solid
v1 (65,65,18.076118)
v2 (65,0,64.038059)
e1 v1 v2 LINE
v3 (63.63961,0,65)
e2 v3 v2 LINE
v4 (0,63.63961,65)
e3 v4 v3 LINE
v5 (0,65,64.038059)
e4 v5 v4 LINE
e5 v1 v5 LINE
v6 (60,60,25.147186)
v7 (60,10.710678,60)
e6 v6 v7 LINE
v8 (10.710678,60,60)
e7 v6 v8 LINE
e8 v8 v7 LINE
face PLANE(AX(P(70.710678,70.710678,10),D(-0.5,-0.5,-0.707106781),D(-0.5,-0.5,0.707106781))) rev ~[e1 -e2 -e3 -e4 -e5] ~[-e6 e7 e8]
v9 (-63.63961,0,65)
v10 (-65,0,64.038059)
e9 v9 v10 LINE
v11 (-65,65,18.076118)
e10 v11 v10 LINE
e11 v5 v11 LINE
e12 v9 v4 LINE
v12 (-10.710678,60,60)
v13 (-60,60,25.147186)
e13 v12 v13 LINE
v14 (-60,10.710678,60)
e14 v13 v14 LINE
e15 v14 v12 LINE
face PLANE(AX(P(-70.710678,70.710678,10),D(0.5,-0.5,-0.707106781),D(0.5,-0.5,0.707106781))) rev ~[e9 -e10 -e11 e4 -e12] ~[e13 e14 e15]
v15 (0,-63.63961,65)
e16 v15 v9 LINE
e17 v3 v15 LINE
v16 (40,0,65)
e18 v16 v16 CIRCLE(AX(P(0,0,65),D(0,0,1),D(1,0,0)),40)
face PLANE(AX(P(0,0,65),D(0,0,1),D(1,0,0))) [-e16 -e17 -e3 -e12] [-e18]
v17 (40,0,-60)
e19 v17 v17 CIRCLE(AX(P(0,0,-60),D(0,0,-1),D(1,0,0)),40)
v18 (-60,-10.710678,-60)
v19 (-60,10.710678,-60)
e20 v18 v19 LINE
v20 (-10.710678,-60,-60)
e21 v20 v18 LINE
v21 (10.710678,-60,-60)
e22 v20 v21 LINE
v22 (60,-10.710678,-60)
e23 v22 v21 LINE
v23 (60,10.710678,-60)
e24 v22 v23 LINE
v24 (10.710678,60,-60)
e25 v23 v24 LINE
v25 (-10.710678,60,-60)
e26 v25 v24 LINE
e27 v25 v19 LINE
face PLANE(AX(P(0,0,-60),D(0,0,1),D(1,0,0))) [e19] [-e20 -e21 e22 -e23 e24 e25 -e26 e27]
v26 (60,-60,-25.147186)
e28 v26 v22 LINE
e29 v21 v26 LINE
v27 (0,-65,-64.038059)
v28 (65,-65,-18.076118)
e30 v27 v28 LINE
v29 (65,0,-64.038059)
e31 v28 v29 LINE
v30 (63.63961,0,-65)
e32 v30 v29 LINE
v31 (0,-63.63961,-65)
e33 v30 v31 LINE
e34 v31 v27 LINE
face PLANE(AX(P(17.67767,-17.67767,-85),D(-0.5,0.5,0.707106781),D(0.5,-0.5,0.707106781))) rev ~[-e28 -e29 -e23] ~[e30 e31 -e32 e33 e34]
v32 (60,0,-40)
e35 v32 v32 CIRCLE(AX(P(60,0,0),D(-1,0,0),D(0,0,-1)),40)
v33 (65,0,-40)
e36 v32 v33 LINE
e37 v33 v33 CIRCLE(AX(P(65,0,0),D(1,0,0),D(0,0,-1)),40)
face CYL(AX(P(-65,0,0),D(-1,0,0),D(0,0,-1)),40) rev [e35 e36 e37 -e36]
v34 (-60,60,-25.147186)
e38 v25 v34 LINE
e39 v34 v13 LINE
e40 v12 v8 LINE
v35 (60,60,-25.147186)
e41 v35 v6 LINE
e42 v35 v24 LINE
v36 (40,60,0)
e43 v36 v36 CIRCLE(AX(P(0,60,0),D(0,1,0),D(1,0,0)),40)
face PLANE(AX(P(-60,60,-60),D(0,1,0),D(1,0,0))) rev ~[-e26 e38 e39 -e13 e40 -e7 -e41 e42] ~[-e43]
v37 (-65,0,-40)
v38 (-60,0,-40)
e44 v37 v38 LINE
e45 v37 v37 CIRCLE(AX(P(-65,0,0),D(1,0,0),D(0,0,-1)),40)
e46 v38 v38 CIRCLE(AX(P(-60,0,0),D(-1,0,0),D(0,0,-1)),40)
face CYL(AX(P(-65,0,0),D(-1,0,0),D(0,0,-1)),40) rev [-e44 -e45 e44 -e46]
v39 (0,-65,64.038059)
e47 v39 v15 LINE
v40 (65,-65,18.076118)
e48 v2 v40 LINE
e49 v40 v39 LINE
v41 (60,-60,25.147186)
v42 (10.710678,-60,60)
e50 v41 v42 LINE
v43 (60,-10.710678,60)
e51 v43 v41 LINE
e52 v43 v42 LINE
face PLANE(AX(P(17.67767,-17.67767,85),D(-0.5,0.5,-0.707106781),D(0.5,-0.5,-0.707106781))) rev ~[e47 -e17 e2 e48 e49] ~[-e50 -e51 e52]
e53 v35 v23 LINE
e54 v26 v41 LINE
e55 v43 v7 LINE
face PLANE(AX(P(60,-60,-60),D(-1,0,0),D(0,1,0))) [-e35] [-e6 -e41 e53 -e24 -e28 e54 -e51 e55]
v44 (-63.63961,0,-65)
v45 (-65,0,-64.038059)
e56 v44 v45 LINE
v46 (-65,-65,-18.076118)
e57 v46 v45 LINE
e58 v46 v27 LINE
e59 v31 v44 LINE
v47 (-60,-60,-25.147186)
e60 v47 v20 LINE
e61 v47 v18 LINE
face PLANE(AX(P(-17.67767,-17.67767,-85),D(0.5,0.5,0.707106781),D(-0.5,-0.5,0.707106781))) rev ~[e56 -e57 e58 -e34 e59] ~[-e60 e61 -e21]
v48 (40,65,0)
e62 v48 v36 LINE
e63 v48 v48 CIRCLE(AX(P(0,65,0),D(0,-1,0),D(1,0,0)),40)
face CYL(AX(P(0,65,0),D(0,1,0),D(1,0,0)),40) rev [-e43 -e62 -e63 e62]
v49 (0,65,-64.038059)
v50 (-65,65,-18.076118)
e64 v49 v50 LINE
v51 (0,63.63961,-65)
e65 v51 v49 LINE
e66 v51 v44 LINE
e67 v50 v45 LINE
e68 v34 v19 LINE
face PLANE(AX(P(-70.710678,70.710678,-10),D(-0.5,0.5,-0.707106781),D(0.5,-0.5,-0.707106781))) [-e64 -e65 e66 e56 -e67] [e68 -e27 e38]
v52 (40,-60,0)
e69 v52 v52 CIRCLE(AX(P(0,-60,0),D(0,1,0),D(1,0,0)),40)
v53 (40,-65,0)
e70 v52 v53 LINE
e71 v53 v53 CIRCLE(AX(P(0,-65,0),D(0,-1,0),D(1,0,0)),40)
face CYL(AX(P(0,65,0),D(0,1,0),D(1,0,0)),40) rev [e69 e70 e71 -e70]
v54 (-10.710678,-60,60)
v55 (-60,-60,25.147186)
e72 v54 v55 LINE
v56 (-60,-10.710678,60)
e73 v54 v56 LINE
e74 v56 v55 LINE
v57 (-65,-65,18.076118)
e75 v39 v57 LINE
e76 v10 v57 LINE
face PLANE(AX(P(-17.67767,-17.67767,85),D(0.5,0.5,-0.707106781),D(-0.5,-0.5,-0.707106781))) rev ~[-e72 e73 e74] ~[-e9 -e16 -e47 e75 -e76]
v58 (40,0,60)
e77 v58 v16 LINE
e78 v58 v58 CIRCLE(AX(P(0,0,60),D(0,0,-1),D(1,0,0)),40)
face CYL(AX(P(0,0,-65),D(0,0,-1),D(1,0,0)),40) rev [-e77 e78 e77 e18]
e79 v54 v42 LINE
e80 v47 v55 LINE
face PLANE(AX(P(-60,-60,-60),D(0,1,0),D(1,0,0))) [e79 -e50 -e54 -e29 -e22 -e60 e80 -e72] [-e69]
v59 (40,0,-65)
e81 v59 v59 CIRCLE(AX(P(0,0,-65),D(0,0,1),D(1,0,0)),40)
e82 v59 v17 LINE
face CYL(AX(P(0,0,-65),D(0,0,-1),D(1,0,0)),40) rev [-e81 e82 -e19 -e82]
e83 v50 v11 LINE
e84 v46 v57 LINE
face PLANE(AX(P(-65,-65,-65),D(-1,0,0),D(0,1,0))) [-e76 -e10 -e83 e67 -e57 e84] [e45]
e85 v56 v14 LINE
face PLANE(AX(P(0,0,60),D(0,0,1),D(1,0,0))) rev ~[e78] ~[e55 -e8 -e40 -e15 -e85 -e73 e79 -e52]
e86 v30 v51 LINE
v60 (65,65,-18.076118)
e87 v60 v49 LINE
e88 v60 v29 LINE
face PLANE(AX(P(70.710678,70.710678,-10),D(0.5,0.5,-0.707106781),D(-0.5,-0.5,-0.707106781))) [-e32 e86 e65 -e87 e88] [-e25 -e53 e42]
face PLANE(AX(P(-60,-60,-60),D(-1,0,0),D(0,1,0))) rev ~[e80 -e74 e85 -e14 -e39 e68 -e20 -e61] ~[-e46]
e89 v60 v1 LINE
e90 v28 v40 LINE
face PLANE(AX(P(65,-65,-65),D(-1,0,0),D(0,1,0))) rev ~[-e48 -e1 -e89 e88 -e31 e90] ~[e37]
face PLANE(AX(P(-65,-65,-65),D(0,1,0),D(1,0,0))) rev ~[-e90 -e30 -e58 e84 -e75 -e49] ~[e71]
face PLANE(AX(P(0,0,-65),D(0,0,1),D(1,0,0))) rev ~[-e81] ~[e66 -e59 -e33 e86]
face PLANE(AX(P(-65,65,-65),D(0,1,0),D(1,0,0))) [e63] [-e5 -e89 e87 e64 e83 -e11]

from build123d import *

# Parameters (mm, degrees)
PAD001_DEPTH            = 45.961941
PAD_DEPTH               = 45.961941
CYLINDER002_R           = 40
CYLINDER002_DEPTH       = 130
CYLINDER002_PITCH_ANGLE = 90
CYLINDER001_R           = 40
CYLINDER001_DEPTH       = 130
CYLINDER001_ROLL_ANGLE  = 90
CYLINDER_R              = 40
CYLINDER_DEPTH          = 130
BOX001_W                = 120
BOX001_H                = 120
BOX001_DEPTH            = 120
BOX_W                   = 130
BOX_H                   = 130
BOX_DEPTH               = 130


with BuildPart() as pad001:
    # Sketch001 → Pad001 (new body, symmetric)
    with BuildSketch(Plane(origin=(0, 0, 0), x_dir=(-0.707107, 0.707107, 0), z_dir=(0.707107, 0.707107, 0))):
        Polygon((-100, 10), (-100, 85), (-25, 85), align=None)
        Polygon((25, 85), (100, 85), (100, 10), align=None)
        Polygon((25, -85), (100, -85), (100, -10), align=None)
        Polygon((-100, -10), (-100, -85), (-25, -85), align=None)
    extrude(amount=PAD001_DEPTH, both=True)


with BuildPart() as pad:
    # Sketch → Pad (new body, symmetric)
    with BuildSketch(Plane(origin=(0, 0, 0), x_dir=(0.707107, 0.707107, 0), z_dir=(0.707107, -0.707107, 0))):
        Polygon((-100, 10), (-100, 85), (-25, 85), align=None)
        Polygon((25, 85), (100, 85), (100, 10), align=None)
        Polygon((25, -85), (100, -85), (100, -10), align=None)
        Polygon((-100, -10), (-100, -85), (-25, -85), align=None)
    extrude(amount=PAD_DEPTH, both=True)


with BuildPart() as cylinder002:
    # Cylinder002 → Cylinder002 (new body)
    with BuildSketch(Plane.XY):
        Circle(CYLINDER002_R)
    extrude(amount=CYLINDER002_DEPTH)


with BuildPart() as cylinder002_1:
    # Cylinder002 pitch: moved
    add(cylinder002.part.rotate(Axis((0, 0, 0), (0, 1, 0)), CYLINDER002_PITCH_ANGLE))


with BuildPart() as cylinder002_2:
    # Cylinder002 placement: moved
    add(cylinder002_1.part.moved(Location((-65, 0, 0))))


with BuildPart() as cylinder001:
    # Cylinder001 → Cylinder001 (new body)
    with BuildSketch(Plane.XY):
        Circle(CYLINDER001_R)
    extrude(amount=CYLINDER001_DEPTH)


with BuildPart() as cylinder001_1:
    # Cylinder001 roll: moved
    add(cylinder001.part.rotate(Axis((0, 0, 0), (1, 0, 0)), CYLINDER001_ROLL_ANGLE))


with BuildPart() as cylinder001_2:
    # Cylinder001 placement: moved
    add(cylinder001_1.part.moved(Location((0, 65, 0))))


with BuildPart() as cylinder:
    # Cylinder → Cylinder (new body)
    with BuildSketch(Plane.XY.offset(-65)):
        Circle(CYLINDER_R)
    extrude(amount=CYLINDER_DEPTH)


with BuildPart() as cube001:
    # Box001 → Box001 (new body)
    with BuildSketch(Plane(origin=(-60, -60, -60), x_dir=(1, 0, 0), z_dir=(0, 0, 1))):
        with Locations((60, 60)):
            Rectangle(BOX001_W, BOX001_H)
    extrude(amount=BOX001_DEPTH)


with BuildPart() as cut005:
    # Box → Box (new body)
    with BuildSketch(Plane(origin=(-65, -65, -65), x_dir=(1, 0, 0), z_dir=(0, 0, 1))):
        with Locations((65, 65)):
            Rectangle(BOX_W, BOX_H)
    extrude(amount=BOX_DEPTH)

    # Cut: cut Cube001
    add(cube001.part, mode=Mode.SUBTRACT)

    # Cut001: cut Cylinder
    add(cylinder.part, mode=Mode.SUBTRACT)

    # Cut002: cut Cylinder001
    add(cylinder001_2.part, mode=Mode.SUBTRACT)

    # Cut003: cut Cylinder002
    add(cylinder002_2.part, mode=Mode.SUBTRACT)

    # Cut004: cut Pad
    add(pad.part, mode=Mode.SUBTRACT)

    # Cut005: cut Pad001
    add(pad001.part, mode=Mode.SUBTRACT)


solid = cut005.part
